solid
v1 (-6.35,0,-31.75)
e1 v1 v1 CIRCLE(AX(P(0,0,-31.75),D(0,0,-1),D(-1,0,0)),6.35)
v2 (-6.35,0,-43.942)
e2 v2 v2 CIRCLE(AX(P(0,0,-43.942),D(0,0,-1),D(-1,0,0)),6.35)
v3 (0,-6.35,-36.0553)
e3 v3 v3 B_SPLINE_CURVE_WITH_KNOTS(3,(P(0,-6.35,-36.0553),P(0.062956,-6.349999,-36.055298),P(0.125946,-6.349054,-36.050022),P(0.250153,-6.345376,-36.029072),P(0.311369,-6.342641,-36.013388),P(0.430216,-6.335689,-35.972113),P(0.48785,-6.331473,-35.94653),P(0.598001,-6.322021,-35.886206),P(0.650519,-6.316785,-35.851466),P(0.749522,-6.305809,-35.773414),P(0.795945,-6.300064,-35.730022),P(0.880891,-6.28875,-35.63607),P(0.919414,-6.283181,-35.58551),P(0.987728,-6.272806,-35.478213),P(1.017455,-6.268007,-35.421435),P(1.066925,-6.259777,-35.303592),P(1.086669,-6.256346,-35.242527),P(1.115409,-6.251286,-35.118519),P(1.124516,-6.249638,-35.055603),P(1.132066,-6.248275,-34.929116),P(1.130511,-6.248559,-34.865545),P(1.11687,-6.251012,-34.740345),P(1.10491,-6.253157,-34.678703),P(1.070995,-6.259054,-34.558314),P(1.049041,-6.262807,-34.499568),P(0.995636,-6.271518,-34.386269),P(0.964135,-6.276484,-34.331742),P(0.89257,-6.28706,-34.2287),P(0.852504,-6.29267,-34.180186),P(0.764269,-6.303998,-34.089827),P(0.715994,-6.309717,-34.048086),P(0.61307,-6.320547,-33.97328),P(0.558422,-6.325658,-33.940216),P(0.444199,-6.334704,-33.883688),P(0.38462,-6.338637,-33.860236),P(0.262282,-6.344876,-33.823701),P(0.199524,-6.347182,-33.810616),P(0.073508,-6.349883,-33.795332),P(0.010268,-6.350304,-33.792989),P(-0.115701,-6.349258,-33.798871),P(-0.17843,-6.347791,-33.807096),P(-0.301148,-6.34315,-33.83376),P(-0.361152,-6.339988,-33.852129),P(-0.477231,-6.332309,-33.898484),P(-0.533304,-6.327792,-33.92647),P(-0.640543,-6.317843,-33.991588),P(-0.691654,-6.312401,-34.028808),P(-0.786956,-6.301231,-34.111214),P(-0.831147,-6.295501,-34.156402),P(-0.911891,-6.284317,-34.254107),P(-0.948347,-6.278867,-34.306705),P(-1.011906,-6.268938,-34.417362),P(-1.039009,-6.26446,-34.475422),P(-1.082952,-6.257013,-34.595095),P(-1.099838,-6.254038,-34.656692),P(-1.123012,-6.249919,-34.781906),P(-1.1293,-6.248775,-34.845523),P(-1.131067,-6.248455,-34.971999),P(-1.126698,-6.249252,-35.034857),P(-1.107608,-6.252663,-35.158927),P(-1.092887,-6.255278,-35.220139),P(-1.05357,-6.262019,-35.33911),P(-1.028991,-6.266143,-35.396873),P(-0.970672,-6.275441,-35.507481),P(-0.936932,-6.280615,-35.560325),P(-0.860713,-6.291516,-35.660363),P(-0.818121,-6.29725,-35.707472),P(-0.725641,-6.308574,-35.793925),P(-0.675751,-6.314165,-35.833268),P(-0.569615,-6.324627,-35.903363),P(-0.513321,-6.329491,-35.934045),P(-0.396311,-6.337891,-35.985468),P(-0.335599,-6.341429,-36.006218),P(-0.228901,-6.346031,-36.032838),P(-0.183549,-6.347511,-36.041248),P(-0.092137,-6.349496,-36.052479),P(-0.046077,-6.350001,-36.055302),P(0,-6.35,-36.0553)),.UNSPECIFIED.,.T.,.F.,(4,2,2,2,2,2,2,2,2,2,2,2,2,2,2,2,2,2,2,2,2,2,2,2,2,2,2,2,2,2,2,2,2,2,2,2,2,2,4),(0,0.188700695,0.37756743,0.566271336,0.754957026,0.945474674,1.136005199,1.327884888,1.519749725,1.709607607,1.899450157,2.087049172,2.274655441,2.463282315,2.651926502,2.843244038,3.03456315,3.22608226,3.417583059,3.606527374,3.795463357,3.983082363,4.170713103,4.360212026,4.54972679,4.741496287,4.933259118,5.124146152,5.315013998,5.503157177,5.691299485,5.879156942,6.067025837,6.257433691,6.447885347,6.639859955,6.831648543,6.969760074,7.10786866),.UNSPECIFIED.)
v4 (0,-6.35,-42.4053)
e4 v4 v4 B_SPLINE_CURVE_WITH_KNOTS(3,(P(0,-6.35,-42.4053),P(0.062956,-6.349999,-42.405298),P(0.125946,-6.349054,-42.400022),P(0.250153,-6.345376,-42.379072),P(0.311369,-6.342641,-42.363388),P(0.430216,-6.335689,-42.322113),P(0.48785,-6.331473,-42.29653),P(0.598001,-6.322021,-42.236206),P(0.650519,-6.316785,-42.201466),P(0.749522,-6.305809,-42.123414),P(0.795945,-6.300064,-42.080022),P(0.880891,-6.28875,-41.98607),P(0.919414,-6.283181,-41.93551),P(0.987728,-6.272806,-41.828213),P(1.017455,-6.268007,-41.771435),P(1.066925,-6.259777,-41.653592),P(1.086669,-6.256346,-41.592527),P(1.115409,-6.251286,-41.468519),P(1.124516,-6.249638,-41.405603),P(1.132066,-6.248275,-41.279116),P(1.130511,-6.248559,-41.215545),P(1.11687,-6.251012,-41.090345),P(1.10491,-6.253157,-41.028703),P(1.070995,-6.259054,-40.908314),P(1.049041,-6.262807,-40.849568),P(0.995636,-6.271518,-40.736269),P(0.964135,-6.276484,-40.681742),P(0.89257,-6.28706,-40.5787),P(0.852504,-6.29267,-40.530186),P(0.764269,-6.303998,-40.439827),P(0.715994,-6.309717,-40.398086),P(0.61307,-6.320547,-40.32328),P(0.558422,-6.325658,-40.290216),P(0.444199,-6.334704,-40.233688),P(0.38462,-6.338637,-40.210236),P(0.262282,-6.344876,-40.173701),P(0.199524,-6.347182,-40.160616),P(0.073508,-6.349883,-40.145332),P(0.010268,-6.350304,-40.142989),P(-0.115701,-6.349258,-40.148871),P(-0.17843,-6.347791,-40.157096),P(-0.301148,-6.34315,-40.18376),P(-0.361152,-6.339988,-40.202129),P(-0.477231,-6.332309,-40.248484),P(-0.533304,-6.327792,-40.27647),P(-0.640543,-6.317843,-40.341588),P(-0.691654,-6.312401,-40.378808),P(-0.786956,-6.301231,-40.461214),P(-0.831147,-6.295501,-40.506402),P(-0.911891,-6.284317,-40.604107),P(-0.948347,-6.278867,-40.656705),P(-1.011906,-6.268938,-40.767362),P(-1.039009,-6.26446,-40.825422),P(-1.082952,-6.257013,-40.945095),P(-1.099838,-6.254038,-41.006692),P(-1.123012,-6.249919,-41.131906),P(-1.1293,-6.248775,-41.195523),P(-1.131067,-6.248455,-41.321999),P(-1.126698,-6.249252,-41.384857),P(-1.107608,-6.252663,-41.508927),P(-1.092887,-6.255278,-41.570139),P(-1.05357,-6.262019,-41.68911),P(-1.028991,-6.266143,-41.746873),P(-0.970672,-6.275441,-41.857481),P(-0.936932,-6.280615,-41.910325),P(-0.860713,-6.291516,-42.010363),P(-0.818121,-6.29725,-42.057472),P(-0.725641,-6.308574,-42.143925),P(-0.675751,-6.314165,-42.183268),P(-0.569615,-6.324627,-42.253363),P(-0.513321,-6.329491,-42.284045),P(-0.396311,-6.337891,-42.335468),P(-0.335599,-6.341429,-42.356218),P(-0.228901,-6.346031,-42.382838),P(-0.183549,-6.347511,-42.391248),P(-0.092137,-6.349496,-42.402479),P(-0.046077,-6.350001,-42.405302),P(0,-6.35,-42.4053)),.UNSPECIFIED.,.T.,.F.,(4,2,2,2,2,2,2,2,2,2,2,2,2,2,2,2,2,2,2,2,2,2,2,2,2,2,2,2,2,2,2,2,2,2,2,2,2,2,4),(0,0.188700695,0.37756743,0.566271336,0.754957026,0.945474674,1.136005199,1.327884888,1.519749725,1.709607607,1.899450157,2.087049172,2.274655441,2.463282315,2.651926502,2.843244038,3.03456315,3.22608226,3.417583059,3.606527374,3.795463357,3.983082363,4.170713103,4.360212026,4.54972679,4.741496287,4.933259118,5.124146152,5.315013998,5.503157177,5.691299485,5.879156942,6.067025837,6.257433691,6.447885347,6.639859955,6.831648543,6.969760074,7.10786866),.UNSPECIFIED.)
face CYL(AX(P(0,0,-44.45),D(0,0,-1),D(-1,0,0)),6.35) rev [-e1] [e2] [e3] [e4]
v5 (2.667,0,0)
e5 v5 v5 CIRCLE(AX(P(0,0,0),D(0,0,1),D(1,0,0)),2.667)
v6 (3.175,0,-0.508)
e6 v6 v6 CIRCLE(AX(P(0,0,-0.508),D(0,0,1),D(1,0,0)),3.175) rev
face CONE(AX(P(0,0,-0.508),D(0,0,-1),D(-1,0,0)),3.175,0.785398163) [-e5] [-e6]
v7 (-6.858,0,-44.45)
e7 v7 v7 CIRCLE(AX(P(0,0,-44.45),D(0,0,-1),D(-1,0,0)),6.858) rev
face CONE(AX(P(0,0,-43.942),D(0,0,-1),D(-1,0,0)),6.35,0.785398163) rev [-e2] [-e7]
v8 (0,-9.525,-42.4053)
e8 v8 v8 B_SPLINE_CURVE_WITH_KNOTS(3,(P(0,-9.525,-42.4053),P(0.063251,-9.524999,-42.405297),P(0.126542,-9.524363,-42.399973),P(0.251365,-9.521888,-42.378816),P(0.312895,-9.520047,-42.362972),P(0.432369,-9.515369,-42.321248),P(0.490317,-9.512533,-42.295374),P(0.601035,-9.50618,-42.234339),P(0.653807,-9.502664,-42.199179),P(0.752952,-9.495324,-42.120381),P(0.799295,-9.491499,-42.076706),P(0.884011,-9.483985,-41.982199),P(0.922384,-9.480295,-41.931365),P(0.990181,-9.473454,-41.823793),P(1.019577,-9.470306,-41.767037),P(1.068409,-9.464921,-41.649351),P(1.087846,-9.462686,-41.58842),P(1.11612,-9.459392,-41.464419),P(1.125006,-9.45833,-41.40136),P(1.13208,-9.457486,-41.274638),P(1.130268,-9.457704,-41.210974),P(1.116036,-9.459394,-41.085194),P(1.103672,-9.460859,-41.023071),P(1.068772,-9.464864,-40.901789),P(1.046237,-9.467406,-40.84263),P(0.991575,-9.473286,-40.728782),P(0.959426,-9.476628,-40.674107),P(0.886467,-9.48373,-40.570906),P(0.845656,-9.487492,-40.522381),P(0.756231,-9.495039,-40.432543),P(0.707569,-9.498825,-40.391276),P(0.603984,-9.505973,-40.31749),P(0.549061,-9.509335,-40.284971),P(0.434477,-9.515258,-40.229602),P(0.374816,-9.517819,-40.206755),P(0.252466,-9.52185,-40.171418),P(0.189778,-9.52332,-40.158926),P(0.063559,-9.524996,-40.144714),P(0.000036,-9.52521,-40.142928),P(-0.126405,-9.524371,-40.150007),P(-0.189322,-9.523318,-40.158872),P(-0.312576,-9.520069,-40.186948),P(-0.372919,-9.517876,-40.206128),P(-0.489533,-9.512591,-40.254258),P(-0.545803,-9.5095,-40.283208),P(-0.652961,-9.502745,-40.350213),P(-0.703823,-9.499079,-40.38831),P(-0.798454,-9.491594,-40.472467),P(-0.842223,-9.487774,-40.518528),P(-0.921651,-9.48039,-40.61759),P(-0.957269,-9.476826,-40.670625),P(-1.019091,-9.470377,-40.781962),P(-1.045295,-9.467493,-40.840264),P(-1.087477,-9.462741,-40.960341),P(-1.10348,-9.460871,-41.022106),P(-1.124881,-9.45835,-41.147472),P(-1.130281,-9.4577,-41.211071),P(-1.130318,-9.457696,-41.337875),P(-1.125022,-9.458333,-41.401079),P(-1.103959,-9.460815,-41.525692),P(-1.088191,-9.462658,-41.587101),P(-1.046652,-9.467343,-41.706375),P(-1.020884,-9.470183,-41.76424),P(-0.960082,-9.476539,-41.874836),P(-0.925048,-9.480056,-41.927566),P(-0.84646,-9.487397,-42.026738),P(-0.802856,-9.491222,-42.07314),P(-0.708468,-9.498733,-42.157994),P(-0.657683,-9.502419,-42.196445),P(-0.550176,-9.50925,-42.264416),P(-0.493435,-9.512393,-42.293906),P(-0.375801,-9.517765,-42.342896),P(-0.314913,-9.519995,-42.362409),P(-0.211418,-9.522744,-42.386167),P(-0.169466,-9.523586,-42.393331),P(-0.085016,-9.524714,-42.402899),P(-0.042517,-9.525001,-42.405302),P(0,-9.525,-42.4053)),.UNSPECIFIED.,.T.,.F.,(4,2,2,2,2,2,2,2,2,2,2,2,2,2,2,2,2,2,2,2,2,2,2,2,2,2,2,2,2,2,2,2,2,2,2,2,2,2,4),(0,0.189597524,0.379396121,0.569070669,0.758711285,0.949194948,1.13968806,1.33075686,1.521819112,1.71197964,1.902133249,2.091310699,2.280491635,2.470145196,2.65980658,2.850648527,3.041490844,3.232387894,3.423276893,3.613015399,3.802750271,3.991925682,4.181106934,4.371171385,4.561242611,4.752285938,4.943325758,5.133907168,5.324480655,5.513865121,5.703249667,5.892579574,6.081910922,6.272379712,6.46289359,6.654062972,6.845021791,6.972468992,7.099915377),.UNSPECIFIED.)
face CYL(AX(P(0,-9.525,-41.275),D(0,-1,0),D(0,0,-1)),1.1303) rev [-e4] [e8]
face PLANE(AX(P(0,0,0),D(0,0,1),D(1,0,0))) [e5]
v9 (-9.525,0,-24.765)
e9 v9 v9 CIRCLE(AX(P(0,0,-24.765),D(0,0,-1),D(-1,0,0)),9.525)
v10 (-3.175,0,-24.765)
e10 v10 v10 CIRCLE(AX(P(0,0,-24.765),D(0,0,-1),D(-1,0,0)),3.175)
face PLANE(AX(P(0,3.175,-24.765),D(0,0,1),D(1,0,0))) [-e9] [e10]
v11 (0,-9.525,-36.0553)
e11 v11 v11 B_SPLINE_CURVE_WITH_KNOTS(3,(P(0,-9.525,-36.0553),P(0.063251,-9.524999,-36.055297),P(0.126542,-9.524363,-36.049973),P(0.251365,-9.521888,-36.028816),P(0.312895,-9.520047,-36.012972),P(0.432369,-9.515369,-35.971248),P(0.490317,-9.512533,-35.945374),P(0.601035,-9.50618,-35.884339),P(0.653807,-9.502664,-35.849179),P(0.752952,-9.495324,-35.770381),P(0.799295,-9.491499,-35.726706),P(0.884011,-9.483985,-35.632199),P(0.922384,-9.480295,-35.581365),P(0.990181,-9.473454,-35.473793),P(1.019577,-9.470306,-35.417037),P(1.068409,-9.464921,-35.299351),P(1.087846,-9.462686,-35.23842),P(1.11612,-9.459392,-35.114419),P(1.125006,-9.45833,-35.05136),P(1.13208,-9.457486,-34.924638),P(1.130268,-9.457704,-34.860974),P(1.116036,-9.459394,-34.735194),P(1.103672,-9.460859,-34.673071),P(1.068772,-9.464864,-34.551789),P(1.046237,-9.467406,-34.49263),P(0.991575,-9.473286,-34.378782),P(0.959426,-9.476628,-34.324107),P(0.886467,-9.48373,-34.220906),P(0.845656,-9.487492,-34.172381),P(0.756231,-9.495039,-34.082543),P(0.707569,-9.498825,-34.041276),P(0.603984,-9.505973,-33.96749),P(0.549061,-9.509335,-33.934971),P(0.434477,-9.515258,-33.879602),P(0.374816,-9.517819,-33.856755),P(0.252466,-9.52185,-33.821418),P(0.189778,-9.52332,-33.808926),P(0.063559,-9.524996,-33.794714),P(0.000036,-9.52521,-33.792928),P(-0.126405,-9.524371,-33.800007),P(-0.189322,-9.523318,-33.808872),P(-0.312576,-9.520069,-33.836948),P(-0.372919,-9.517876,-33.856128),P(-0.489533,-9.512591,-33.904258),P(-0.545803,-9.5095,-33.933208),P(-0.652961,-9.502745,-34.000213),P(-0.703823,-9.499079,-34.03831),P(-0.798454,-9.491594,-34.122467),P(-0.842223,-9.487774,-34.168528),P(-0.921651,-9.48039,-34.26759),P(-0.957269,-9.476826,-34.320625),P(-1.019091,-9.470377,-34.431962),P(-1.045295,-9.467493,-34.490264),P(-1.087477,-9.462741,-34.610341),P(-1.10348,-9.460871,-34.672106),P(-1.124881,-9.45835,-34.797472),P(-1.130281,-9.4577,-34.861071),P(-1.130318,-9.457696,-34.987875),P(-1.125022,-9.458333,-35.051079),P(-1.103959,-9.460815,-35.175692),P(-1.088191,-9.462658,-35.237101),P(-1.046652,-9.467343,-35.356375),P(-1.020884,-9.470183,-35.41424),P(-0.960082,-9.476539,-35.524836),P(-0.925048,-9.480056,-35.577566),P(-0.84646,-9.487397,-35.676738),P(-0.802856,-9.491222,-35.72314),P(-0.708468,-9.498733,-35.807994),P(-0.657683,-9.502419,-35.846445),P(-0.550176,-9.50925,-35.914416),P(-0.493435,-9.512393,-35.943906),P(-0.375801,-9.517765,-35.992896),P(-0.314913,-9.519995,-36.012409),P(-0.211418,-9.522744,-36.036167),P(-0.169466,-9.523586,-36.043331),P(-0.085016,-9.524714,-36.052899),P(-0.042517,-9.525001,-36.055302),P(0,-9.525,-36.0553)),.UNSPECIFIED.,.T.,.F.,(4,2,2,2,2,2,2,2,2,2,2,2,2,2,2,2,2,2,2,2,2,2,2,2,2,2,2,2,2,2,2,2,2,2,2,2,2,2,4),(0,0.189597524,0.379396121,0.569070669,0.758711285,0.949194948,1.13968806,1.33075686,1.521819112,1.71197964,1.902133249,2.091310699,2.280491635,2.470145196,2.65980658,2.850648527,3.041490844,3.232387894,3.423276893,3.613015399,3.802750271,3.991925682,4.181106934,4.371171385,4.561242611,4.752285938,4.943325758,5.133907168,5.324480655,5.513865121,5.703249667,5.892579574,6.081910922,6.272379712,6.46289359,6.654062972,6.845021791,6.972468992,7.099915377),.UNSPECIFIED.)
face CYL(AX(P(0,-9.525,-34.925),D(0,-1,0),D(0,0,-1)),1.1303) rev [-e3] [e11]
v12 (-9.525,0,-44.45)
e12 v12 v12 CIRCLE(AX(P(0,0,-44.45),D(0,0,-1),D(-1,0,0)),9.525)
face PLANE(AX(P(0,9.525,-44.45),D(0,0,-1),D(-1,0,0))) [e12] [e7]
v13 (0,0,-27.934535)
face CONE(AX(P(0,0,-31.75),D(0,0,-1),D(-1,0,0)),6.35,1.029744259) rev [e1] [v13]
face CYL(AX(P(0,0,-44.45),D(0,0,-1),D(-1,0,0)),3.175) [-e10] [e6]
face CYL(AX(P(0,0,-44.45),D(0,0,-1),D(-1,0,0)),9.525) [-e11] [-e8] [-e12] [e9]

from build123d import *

# Parameters (mm, degrees)
F_1_2_0_5_DIAMETER_HOLE2_D     = 12.7
F_1_2_0_5_DIAMETER_HOLE2_DEPTH = 12.7
F_1_2_0_5_DIAMETER_HOLE2_TIP   = 3.815464931
F_4_40_TAPPED_HOLE1_REACH      = 51.289
F_4_40_TAPPED_HOLE1_BORE_R     = 1.1303
CHAMFER1_SIZE                  = 0.508


with BuildPart() as part:
    # Sketch → Shaft (revolve)
    with BuildSketch(Plane(origin=(0, 0, 0), x_dir=(0, 0, -1), z_dir=(1, 0, 0)), mode=Mode.PRIVATE) as shaft_sk:
        Polygon((0, 0), (0, 3.175), (24.765, 3.175), (24.765, 9.525), (44.45, 9.525), (44.45, 0), align=None)
    revolve(shaft_sk.sketch.rotate(Axis((0, 0, -44.45), (0, 0, 1)), 90), axis=Axis((0, 0, -44.45), (0, 0, 1)))

    # 1/2 (0.5) Diameter Hole2
    with Locations(Plane(origin=(0, 0, -44.45), x_dir=(-1, 0, 0), z_dir=(0, 0, -1))):
        with Locations((0, 0)):
            Hole(F_1_2_0_5_DIAMETER_HOLE2_D / 2, depth=F_1_2_0_5_DIAMETER_HOLE2_DEPTH)
            with Locations((0, 0, -(F_1_2_0_5_DIAMETER_HOLE2_DEPTH + F_1_2_0_5_DIAMETER_HOLE2_TIP / 2))):  # 118° drill point
                Cone(0, F_1_2_0_5_DIAMETER_HOLE2_D / 2, F_1_2_0_5_DIAMETER_HOLE2_TIP, mode=Mode.SUBTRACT)

    # #4-40 Tapped Hole1 bore → #4-40 Tapped Hole1 (cut, up to next)
    with BuildSketch(Plane(origin=(0, -9.525, 0), x_dir=(-1, 0, 0), z_dir=(0, -1, 0)), mode=Mode.PRIVATE) as f_4_40_tapped_hole1_sk1:
        with Locations((0, 34.925)):
            Circle(F_4_40_TAPPED_HOLE1_BORE_R)
    f_4_40_tapped_hole1_tool1 = extrude(f_4_40_tapped_hole1_sk1.sketch, amount=-F_4_40_TAPPED_HOLE1_REACH, mode=Mode.PRIVATE) & part.part
    # #4-40 Tapped Hole1 bore → #4-40 Tapped Hole1 (cut, up to next)
    with BuildSketch(Plane(origin=(0, -9.525, 0), x_dir=(-1, 0, 0), z_dir=(0, -1, 0)), mode=Mode.PRIVATE) as f_4_40_tapped_hole1_sk2:
        with Locations((0, 41.275)):
            Circle(F_4_40_TAPPED_HOLE1_BORE_R)
    f_4_40_tapped_hole1_tool2 = extrude(f_4_40_tapped_hole1_sk2.sketch, amount=-F_4_40_TAPPED_HOLE1_REACH, mode=Mode.PRIVATE) & part.part
    add(f_4_40_tapped_hole1_tool1.solids().sort_by_distance((0, -9.525, -34.925))[0], mode=Mode.SUBTRACT)
    add(f_4_40_tapped_hole1_tool2.solids().sort_by_distance((0, -9.525, -41.275))[0], mode=Mode.SUBTRACT)

    # Chamfer1
    chamfer1_edges = [part.edges().sort_by_distance(p)[0] for p in [
        (-6.35, 0, -44.45),
        (3.175, 0, 0),
    ]]
    chamfer(chamfer1_edges, length=CHAMFER1_SIZE)


solid = part.part
